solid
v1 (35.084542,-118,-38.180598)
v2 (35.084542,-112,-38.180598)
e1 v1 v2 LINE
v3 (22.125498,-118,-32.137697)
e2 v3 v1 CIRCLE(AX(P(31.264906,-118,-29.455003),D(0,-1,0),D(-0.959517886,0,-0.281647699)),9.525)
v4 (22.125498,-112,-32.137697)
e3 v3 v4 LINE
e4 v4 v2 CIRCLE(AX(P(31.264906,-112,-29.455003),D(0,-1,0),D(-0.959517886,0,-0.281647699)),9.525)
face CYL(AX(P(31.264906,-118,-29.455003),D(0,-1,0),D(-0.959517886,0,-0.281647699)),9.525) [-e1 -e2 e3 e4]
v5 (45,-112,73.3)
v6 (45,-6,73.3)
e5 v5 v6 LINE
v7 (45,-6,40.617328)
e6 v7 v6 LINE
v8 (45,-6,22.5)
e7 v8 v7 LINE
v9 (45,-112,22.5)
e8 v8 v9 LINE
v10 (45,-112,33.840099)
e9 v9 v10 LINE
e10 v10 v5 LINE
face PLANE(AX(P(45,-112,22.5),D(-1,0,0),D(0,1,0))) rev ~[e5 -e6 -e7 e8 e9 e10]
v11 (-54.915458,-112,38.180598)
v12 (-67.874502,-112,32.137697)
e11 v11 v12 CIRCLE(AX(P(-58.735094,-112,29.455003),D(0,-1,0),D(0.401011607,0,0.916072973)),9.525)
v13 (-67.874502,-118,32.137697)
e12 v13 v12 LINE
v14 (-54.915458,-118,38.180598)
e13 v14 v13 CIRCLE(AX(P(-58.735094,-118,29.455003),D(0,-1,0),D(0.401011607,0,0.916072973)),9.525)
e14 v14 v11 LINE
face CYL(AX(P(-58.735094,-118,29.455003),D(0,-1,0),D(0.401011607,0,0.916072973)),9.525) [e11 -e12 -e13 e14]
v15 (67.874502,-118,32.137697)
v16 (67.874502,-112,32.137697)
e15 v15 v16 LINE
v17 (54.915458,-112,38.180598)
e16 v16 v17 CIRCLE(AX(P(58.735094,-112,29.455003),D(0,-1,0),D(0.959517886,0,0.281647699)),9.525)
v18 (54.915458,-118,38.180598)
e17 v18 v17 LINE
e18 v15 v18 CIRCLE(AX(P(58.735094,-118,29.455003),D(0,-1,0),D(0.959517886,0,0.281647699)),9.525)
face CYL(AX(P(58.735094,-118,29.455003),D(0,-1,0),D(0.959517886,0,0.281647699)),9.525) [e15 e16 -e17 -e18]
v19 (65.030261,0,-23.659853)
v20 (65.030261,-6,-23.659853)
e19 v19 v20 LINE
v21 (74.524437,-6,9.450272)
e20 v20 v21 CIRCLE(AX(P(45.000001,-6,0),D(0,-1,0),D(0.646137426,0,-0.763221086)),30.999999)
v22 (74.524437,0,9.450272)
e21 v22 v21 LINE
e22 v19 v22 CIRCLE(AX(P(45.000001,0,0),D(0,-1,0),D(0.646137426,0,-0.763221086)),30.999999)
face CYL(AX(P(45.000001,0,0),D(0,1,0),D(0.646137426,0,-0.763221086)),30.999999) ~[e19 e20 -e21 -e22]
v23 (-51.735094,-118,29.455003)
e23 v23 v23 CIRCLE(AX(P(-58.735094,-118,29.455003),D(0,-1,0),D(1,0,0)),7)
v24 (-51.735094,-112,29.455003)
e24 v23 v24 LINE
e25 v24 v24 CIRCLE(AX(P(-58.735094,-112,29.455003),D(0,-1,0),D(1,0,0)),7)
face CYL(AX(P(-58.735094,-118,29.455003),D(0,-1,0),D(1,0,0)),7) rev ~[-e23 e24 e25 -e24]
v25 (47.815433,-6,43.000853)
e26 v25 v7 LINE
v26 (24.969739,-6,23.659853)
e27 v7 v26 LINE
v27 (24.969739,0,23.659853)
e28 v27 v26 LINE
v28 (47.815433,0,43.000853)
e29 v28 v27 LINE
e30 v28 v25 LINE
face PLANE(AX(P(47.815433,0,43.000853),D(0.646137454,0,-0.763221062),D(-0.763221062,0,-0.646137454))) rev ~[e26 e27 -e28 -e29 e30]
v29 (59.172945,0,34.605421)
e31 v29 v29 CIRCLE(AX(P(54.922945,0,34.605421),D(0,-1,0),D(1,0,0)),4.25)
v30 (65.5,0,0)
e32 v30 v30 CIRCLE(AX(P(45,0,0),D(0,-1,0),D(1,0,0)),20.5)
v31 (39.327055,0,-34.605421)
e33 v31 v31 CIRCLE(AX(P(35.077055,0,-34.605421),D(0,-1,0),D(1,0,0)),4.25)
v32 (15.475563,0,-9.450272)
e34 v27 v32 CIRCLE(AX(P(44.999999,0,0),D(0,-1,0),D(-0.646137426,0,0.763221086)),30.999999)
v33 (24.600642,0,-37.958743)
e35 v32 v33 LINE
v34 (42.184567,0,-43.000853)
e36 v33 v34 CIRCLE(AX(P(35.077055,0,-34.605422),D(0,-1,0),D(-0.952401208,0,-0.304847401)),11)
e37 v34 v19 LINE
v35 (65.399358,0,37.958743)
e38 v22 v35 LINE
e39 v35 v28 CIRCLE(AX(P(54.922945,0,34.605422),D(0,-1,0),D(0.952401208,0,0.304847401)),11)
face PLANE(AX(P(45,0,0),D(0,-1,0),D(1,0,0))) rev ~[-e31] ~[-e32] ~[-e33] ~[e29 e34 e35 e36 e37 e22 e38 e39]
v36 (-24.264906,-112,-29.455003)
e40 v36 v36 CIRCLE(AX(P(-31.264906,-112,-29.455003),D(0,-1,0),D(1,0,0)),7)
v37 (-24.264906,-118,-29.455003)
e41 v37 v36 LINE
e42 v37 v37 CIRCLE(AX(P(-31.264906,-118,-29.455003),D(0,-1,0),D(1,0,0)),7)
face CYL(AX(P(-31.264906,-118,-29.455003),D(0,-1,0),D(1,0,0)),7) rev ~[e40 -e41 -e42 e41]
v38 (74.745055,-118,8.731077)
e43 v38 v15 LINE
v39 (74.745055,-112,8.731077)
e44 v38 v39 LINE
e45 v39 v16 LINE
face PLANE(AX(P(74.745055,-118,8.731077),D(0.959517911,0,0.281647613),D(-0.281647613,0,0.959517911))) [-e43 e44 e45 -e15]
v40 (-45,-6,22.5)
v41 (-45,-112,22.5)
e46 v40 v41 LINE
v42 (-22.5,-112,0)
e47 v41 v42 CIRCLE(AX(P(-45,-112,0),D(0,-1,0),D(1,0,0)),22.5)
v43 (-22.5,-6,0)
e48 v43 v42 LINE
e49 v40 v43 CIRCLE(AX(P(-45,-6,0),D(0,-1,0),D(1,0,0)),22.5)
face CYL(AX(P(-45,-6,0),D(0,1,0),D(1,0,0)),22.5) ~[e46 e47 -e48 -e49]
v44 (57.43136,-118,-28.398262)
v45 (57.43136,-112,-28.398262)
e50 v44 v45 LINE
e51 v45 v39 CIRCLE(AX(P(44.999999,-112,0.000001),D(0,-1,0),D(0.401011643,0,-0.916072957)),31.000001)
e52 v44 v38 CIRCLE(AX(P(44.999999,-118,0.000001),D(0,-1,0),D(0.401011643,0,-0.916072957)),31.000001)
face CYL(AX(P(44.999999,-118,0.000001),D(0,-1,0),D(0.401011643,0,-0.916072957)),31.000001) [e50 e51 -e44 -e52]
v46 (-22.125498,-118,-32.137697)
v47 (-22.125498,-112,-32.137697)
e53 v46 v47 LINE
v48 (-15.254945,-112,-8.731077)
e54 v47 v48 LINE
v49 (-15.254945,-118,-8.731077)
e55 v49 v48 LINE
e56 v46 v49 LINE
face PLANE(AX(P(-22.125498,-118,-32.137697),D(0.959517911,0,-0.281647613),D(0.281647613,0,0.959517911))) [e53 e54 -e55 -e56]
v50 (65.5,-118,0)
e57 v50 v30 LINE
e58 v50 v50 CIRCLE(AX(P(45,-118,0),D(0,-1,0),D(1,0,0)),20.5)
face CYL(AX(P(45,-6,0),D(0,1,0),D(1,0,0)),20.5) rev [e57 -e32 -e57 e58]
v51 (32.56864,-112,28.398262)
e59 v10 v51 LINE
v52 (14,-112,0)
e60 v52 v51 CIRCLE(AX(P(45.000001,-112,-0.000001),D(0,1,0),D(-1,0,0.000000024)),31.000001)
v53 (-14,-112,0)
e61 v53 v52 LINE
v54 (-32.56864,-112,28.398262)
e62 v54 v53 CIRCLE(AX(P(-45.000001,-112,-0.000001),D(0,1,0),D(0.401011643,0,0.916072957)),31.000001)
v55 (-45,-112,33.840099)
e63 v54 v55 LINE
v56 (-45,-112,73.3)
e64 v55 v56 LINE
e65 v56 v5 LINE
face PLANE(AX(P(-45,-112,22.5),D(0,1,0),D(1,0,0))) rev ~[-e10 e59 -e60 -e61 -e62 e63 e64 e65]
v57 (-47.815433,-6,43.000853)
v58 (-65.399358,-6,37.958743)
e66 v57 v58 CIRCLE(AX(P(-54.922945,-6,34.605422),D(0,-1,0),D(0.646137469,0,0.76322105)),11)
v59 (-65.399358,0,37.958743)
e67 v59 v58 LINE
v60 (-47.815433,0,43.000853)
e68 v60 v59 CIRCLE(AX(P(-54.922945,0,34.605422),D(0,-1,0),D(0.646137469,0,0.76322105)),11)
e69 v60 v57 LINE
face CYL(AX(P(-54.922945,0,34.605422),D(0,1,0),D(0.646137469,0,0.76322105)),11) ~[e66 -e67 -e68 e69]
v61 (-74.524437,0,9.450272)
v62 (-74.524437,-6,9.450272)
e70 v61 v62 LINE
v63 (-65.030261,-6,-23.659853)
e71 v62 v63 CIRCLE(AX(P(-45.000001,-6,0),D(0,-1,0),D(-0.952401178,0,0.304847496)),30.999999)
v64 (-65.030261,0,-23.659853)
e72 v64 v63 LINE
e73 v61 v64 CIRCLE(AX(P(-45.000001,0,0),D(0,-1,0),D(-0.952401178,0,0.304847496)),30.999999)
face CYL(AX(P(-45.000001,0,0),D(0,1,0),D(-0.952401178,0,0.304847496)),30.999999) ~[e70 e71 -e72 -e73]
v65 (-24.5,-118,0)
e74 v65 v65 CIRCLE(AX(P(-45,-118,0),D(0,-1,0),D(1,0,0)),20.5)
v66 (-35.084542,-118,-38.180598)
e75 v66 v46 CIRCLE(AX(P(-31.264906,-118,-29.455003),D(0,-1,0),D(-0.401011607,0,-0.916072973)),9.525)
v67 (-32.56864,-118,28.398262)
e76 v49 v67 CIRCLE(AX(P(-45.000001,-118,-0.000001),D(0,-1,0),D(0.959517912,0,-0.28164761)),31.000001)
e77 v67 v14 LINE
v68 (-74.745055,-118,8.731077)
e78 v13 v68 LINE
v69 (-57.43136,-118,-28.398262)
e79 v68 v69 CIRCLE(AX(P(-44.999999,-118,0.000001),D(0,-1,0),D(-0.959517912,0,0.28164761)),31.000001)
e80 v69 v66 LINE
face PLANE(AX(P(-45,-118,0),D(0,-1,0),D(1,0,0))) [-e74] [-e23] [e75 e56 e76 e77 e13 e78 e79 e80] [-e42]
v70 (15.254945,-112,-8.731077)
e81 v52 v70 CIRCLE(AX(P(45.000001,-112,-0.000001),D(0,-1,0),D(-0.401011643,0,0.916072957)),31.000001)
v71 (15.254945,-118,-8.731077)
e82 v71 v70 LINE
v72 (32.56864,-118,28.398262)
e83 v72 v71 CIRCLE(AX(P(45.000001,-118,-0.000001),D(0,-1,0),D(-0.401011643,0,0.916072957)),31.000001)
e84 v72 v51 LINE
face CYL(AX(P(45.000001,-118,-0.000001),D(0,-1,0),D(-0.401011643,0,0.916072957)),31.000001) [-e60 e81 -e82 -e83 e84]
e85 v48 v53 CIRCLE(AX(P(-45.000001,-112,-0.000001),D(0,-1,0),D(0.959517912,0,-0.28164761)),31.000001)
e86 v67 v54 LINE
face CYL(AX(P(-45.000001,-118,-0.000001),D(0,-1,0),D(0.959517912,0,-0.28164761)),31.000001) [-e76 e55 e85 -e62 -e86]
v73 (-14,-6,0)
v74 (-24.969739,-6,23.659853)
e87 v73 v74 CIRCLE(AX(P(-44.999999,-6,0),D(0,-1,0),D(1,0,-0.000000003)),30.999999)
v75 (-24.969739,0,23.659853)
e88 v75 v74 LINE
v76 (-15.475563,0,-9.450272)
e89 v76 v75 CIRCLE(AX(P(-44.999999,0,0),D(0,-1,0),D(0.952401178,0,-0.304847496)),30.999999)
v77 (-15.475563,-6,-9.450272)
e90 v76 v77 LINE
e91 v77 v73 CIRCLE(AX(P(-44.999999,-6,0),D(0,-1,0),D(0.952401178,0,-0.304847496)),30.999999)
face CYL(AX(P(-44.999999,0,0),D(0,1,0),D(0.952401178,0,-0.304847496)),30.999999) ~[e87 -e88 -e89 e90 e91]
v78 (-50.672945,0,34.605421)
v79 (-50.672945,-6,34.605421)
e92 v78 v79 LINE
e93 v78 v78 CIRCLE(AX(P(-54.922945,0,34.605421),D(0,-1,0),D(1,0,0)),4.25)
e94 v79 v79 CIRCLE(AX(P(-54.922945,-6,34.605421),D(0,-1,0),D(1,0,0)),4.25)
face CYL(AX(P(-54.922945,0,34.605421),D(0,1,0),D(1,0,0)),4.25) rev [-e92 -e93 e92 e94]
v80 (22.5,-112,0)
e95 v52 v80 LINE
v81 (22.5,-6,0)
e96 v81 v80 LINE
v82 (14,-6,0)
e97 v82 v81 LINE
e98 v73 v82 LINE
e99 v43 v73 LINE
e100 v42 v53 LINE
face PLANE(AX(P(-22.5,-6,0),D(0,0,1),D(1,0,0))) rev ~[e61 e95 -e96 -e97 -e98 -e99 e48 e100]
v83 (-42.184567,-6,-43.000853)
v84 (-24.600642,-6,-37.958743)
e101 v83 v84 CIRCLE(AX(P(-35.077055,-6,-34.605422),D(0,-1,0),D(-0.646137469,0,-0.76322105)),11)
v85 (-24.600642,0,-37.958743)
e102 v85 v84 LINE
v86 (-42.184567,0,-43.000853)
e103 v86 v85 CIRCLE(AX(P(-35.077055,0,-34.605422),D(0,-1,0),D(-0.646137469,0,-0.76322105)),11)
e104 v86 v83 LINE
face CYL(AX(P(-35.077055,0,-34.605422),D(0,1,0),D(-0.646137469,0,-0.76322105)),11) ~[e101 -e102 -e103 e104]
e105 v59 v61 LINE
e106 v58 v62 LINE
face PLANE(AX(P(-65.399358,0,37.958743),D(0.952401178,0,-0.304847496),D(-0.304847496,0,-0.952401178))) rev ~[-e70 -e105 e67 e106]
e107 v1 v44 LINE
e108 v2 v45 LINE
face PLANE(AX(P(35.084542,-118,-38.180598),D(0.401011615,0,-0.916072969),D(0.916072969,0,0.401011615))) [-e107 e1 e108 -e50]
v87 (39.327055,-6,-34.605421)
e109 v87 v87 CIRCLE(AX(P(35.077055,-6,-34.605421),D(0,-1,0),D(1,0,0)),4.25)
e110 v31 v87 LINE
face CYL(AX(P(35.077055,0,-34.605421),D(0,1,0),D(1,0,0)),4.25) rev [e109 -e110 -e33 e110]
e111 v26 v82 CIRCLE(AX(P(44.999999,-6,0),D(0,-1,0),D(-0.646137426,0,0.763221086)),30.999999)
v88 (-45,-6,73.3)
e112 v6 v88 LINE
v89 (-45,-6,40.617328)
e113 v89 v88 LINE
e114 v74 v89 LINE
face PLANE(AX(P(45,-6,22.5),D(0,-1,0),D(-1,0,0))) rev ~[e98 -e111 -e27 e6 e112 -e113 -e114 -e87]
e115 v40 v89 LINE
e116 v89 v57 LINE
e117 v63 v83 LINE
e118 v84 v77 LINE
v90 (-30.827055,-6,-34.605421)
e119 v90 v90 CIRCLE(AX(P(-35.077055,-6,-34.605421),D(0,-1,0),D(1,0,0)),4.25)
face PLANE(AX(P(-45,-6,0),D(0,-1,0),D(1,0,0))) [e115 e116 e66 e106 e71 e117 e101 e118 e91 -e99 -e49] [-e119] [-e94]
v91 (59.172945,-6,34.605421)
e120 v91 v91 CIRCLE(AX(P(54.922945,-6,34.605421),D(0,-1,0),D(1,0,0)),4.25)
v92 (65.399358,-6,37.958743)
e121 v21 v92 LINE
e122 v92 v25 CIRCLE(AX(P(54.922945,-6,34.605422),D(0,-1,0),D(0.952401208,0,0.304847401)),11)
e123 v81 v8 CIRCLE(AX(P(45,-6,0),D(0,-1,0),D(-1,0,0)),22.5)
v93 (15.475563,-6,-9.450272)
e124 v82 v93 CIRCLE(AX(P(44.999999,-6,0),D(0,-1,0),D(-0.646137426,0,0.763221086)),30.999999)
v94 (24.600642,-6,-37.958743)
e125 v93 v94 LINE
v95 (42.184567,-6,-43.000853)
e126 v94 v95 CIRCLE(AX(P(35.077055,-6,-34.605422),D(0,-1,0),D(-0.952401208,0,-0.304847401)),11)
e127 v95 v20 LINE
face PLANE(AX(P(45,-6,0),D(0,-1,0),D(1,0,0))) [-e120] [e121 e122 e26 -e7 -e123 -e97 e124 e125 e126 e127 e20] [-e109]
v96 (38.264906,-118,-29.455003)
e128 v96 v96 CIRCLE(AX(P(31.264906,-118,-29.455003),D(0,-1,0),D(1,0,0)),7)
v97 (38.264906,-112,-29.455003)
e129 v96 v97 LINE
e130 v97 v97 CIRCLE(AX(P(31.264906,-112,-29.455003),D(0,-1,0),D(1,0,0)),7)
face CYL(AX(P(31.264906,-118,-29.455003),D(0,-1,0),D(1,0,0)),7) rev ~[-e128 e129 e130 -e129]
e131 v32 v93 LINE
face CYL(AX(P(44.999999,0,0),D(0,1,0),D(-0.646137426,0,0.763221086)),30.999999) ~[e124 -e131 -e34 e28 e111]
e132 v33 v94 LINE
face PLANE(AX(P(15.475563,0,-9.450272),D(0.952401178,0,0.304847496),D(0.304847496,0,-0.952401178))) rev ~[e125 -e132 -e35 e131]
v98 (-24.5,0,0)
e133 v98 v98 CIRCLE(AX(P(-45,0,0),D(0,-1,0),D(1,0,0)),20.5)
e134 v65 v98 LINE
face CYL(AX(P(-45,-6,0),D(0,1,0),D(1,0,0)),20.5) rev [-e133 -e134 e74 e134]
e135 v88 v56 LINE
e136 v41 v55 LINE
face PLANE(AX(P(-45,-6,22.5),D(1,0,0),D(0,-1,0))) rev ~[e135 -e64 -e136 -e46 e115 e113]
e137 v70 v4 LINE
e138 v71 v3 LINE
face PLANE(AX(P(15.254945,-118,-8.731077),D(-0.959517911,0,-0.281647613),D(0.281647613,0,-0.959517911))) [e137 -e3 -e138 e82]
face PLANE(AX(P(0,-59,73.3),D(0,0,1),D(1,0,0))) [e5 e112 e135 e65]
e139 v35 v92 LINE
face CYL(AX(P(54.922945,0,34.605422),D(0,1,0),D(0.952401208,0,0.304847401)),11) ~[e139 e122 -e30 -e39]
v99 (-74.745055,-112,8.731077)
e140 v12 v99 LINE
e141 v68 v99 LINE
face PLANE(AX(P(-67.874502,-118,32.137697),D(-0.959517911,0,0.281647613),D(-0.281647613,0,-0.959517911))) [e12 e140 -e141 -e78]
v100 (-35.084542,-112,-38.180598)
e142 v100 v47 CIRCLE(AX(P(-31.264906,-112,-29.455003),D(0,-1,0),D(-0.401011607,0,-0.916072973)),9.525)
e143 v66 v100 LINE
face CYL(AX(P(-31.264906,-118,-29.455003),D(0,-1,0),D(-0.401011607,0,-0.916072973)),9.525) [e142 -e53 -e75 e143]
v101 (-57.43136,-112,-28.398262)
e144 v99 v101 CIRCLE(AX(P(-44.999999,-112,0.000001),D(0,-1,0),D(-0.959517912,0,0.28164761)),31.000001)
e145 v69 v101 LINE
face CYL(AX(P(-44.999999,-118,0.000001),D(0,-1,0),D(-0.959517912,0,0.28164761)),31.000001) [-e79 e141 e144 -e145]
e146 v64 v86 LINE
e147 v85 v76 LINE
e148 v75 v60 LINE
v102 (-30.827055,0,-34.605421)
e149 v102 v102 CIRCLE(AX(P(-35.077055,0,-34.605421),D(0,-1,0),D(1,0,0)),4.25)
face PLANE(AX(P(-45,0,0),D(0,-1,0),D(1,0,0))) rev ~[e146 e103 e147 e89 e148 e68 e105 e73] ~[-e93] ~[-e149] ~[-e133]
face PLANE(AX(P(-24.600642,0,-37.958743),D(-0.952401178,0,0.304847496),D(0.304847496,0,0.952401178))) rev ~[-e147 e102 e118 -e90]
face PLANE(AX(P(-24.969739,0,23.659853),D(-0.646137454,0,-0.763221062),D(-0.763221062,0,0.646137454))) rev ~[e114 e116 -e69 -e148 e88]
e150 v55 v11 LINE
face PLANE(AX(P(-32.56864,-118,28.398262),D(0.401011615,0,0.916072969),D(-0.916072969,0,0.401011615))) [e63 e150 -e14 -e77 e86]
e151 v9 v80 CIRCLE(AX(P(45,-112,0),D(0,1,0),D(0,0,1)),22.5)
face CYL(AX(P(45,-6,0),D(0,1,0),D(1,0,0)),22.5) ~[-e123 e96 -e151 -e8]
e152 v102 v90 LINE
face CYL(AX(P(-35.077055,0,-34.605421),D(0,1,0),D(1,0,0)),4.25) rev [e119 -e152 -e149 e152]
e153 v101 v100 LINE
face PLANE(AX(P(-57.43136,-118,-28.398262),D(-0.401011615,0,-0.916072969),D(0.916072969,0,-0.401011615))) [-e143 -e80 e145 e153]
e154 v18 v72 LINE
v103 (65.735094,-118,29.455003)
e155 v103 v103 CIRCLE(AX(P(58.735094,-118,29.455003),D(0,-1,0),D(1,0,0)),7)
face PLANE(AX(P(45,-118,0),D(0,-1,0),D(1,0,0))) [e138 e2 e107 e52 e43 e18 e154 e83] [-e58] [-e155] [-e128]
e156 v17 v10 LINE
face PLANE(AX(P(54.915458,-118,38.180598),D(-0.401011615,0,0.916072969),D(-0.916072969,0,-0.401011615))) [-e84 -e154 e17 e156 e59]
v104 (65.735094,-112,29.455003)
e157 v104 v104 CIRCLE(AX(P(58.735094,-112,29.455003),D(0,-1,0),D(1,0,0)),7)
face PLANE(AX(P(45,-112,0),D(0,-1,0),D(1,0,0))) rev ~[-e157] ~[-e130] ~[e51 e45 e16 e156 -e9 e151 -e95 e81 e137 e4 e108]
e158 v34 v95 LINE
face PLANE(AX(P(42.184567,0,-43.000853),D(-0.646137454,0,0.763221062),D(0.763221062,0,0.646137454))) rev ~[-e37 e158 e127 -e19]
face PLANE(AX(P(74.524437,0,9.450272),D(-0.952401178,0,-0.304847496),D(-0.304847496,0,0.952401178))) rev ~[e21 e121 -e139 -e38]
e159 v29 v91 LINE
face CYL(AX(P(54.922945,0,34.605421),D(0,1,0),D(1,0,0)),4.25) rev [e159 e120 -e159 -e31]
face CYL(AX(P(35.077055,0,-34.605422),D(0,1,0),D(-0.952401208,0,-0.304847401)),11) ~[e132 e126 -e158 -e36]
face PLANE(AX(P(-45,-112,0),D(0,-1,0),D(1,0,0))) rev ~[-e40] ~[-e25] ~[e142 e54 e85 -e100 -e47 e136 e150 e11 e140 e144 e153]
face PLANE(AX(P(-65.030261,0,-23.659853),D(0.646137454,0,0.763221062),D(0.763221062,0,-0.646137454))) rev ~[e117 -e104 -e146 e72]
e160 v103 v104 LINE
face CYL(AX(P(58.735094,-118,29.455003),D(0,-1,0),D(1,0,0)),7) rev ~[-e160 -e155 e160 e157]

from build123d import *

# Parameters (mm, degrees)
F0_R      = 4.25
F0_R_2    = 20.5
F1_DEPTH  = 6
F3_R      = 7
F3_R_2    = 22.5
F4_DEPTH  = 6
F5_R      = 22.5
F5_R_2    = 20.5
F6_DEPTH  = 112
F9_DEPTH  = 106
F10_DEPTH = 50.8


with BuildPart() as f1:
    # F0 (on Front) → F1 (new body)
    with BuildSketch(Plane.XZ):
        with BuildLine():
            Line((-65.399358, 37.958743), (-74.524437, 9.450272))
            ThreePointArc((-74.524437, 9.450272), (-74.799113, -8.544758), (-65.030261, -23.659853))
            Line((-65.030261, -23.659853), (-42.184567, -43.000853))
            ThreePointArc((-42.184567, -43.000853), (-32.045044, -45.1793), (-24.600642, -37.958743))
            Line((-24.600642, -37.958743), (-15.475563, -9.450272))
            ThreePointArc((-15.475563, -9.450272), (-15.200887, 8.544758), (-24.969739, 23.659853))
            Line((-24.969739, 23.659853), (-47.815433, 43.000853))
            ThreePointArc((-47.815433, 43.000853), (-57.954956, 45.1793), (-65.399358, 37.958743))
        make_face()
        with Locations((-35.077055, -34.605421)):
            Circle(F0_R, mode=Mode.SUBTRACT)
        with Locations((-45, 0)):
            Circle(F0_R_2, mode=Mode.SUBTRACT)
        with Locations((-54.922945, 34.605421)):
            Circle(F0_R, mode=Mode.SUBTRACT)
        with BuildLine():
            ThreePointArc((24.969739, 23.659853), (15.200887, 8.544758), (15.475563, -9.450272))
            Line((15.475563, -9.450272), (24.600642, -37.958743))
            ThreePointArc((24.600642, -37.958743), (32.045044, -45.1793), (42.184567, -43.000853))
            Line((42.184567, -43.000853), (65.030261, -23.659853))
            ThreePointArc((65.030261, -23.659853), (74.799113, -8.544758), (74.524437, 9.450272))
            Line((74.524437, 9.450272), (65.399358, 37.958743))
            ThreePointArc((65.399358, 37.958743), (57.954956, 45.1793), (47.815433, 43.000853))
            Line((47.815433, 43.000853), (24.969739, 23.659853))
        make_face()
        with Locations((35.077055, -34.605421)):
            Circle(F0_R, mode=Mode.SUBTRACT)
        with Locations((45, 0)):
            Circle(F0_R_2, mode=Mode.SUBTRACT)
        with Locations((54.922945, 34.605421)):
            Circle(F0_R, mode=Mode.SUBTRACT)
    extrude(amount=F1_DEPTH)



with BuildPart() as f4:
    # F3 (on offset) → F4 (new body)
    with BuildSketch(Plane.XZ.offset(118)):
        with BuildLine():
            Line((15.254945, -8.731077), (22.125498, -32.137697))
            ThreePointArc((22.125498, -32.137697), (27.239468, -38.087585), (35.084542, -38.180598))
            Line((35.084542, -38.180598), (57.43136, -28.398262))
            ThreePointArc((57.43136, -28.398262), (73.095541, -13.101166), (74.745055, 8.731077))
            Line((74.745055, 8.731077), (67.874502, 32.137697))
            ThreePointArc((67.874502, 32.137697), (62.760532, 38.087585), (54.915458, 38.180598))
            Line((54.915458, 38.180598), (32.56864, 28.398262))
            ThreePointArc((32.56864, 28.398262), (16.904459, 13.101166), (15.254945, -8.731077))
        make_face()
        with Locations((31.264906, -29.455003)):
            Circle(F3_R, mode=Mode.SUBTRACT)
        with Locations((45, 0)):
            Circle(F3_R_2, mode=Mode.SUBTRACT)
        with Locations((58.735094, 29.455003)):
            Circle(F3_R, mode=Mode.SUBTRACT)
        with BuildLine():
            ThreePointArc((-54.915458, 38.180598), (-62.760532, 38.087585), (-67.874502, 32.137697))
            Line((-67.874502, 32.137697), (-74.745055, 8.731077))
            ThreePointArc((-74.745055, 8.731077), (-73.095541, -13.101166), (-57.43136, -28.398262))
            Line((-57.43136, -28.398262), (-35.084542, -38.180598))
            ThreePointArc((-35.084542, -38.180598), (-27.239468, -38.087585), (-22.125498, -32.137697))
            Line((-22.125498, -32.137697), (-15.254945, -8.731077))
            ThreePointArc((-15.254945, -8.731077), (-16.904459, 13.101166), (-32.56864, 28.398262))
            Line((-32.56864, 28.398262), (-54.915458, 38.180598))
        make_face()
        with Locations((-31.264906, -29.455003)):
            Circle(F3_R, mode=Mode.SUBTRACT)
        with Locations((-45, 0)):
            Circle(F3_R_2, mode=Mode.SUBTRACT)
        with Locations((-58.735094, 29.455003)):
            Circle(F3_R, mode=Mode.SUBTRACT)
    extrude(amount=-F4_DEPTH)


with BuildPart() as f6:
    # F5 (on face) → F6 (new body, through all)
    with BuildSketch(Plane.XZ.offset(6)):
        with Locations((-45, 0)):
            Circle(F5_R)
        with Locations((-45, 0)):
            Circle(F5_R_2, mode=Mode.SUBTRACT)
        with Locations((45, 0)):
            Circle(F5_R)
        with Locations((45, 0)):
            Circle(F5_R_2, mode=Mode.SUBTRACT)
    extrude(amount=F6_DEPTH)

    # F7: union F4
    add(f4.part)


with BuildPart() as f1_1:
    add(f1.part)

    add(f6.part)  # F9 merges F6
    # F8 (on face) → F9 (join, through all)
    with BuildSketch(Plane.XZ.offset(6)):
        with BuildLine():
            ThreePointArc((-45, 22.5), (-29.090097, 15.909903), (-22.5, 0))
            Line((-22.5, 0), (22.5, 0))
            ThreePointArc((22.5, 0), (29.090097, 15.909903), (45, 22.5))
            Line((45, 22.5), (-45, 22.5))
        make_face()
    extrude(amount=F9_DEPTH)

    # F9_face (on face) → F10 (join)
    with BuildSketch(Plane(origin=(0, -59, 22.5), x_dir=(1, 0, 0), z_dir=(0, 0, 1))):
        Polygon((45, -53), (45, 53), (23.675132, 53), (-23.675132, 53), (-45, 53), (-45, -53), (-23.675132, -53), (23.675132, -53), align=None)
    extrude(amount=F10_DEPTH)


solid = f1_1.part
